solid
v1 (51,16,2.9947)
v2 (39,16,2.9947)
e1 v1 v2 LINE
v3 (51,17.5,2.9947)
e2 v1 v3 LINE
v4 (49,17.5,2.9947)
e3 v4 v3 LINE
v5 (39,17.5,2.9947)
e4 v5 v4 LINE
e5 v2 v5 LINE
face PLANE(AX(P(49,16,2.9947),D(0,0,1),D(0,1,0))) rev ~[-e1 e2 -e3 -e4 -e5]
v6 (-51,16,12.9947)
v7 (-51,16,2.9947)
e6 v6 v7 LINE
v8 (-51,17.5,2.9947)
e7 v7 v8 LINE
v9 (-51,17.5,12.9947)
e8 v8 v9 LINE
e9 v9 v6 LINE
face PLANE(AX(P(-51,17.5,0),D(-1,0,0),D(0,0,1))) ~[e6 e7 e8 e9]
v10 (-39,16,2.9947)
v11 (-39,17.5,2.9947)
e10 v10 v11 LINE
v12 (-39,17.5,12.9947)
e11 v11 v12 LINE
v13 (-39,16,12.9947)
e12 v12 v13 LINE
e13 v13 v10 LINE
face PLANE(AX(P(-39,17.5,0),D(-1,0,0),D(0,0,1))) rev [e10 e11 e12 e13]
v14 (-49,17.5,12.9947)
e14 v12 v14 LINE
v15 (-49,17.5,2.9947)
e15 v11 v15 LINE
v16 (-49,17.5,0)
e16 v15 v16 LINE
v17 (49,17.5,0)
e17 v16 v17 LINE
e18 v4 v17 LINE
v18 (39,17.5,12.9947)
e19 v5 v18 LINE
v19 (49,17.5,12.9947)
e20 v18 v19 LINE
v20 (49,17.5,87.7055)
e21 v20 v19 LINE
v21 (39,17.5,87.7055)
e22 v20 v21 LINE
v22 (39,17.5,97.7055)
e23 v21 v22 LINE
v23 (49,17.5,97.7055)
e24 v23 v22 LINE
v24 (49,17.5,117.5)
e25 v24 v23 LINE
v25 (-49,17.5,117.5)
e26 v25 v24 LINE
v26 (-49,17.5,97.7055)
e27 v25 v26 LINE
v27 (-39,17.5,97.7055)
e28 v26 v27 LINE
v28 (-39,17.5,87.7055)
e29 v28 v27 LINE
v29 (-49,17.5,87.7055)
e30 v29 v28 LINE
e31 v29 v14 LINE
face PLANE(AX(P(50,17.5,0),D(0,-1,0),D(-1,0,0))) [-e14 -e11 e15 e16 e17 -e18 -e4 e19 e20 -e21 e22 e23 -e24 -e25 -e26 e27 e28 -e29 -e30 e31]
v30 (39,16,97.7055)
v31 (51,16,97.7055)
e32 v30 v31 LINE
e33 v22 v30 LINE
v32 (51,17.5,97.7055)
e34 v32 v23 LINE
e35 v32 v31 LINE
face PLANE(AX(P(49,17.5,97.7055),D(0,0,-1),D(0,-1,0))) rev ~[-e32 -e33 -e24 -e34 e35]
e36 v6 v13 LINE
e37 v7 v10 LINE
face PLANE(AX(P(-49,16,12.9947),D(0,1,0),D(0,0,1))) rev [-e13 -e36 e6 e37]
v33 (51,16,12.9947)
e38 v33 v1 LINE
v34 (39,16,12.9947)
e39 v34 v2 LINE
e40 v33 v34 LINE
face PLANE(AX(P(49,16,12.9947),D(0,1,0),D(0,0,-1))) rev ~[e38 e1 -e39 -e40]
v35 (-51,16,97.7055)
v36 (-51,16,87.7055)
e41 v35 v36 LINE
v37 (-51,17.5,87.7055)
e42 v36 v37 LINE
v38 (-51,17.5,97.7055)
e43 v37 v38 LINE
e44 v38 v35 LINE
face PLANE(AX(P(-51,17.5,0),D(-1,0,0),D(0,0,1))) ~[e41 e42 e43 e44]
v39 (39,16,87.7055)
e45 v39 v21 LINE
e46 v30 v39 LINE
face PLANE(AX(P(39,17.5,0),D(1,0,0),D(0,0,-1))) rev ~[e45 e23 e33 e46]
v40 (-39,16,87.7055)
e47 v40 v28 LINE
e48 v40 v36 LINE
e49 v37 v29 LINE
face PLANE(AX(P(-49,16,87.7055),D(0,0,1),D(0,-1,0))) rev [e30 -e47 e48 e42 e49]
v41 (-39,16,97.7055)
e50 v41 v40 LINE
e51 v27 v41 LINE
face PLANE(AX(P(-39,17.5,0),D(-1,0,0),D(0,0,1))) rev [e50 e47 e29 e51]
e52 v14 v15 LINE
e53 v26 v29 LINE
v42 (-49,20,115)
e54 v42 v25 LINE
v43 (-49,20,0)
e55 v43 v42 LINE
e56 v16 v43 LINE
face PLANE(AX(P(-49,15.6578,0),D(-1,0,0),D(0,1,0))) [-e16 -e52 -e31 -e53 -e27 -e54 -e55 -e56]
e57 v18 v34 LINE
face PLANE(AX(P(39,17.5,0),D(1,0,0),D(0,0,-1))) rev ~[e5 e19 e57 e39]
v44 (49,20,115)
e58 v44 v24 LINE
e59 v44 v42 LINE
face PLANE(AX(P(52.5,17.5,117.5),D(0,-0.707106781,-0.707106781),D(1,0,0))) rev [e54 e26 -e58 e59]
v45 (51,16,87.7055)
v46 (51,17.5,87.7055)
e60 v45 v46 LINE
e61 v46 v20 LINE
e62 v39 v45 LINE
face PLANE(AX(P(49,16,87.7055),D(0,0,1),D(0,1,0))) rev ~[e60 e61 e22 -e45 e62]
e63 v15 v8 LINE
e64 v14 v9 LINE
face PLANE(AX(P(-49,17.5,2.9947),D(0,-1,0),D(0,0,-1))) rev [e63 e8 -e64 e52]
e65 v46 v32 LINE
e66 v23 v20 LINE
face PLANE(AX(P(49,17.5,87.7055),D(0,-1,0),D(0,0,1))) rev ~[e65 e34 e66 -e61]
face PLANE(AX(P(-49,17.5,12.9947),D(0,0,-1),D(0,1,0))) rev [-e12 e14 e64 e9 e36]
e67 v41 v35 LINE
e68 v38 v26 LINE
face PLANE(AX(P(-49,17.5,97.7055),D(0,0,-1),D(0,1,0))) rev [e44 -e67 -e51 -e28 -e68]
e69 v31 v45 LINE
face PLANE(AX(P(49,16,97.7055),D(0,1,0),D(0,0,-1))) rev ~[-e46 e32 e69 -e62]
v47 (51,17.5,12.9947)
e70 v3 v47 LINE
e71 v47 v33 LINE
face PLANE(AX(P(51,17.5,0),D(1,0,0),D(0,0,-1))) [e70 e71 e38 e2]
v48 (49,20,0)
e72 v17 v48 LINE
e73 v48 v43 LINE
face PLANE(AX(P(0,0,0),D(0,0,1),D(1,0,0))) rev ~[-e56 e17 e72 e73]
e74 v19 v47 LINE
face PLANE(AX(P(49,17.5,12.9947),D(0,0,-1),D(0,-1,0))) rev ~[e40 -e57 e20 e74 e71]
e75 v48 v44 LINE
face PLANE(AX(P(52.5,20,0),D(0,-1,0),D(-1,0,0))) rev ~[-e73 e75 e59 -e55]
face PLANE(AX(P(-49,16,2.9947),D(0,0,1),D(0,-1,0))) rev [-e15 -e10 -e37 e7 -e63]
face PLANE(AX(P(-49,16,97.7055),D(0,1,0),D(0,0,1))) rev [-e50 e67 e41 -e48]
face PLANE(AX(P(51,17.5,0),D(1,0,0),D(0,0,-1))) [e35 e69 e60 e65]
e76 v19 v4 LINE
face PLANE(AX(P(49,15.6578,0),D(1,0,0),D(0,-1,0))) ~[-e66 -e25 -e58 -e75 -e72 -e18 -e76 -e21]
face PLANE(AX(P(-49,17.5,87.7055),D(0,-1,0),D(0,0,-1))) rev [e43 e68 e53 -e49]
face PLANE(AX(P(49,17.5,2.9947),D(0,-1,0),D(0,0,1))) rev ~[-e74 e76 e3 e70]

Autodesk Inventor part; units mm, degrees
ref_plane "YZ Plane" through (0, 0, 0) normal (1, 0, 0) x (0, 1, 0)
ref_plane "XZ Plane" through (0, 0, 0) normal (0, 1, 0) x (-1, 0, 0)
ref_plane "XY Plane" through (0, 0, 0) normal (0, 0, 1) x (1, 0, 0)
sketch "Sketch1" plane through (0, 0, 0) normal (0, 0, 1) x (1, 0, 0)
  line L0 (-52.5, -20) -> (52.5, -20)
  line L1 (52.5, 20) -> (-52.5, 20)
  line L2 (-52.5, -20) -> (52.5, 20) construction
  line L3 (52.5, -20) -> (-52.5, 20) construction
  line L4 (-50, 17.5) -> (50, 17.5)
  line L5 (50, -17.5) -> (-50, -17.5)
  line L6 (-50, 17.5) -> (50, -17.5) construction
  line L7 (50, 17.5) -> (-50, -17.5) construction
  line L8 (60.5, 0) -> (60.5, 8)
  line L9 (60.5, 8) -> (52.5, 20)
  line L10 (60.5, 0) -> (60.5, -8)
  line L11 (60.5, -8) -> (52.5, -20)
  line L12 (50, -17.5) -> (56.5426, -7.6861)
  line L13 (56.5426, -7.6861) -> (56.5426, 7.6861)
  line L14 (56.5426, 7.6861) -> (50, 17.5)
  line L15 (0, 0) -> (0, 38.4543) construction
  line L16 (-60.5, 0) -> (-60.5, 8)
  line L17 (-60.5, 8) -> (-52.5, 20)
  line L18 (-60.5, 0) -> (-60.5, -8)
  line L19 (-60.5, -8) -> (-52.5, -20)
  line L20 (-50, -17.5) -> (-56.5426, -7.6861)
  line L21 (-56.5426, -7.6861) -> (-56.5426, 7.6861)
  line L22 (-56.5426, 7.6861) -> (-50, 17.5)
  dimension "d0" = 105
  dimension "d1" = 40
  dimension "d2" = 100
  dimension "d3" = 35
  dimension "d5" = 8
  dimension "d6" = 8
extrude "Extrusion1" add sketch "Sketch1" along normal blind 120
sketch "Sketch2" plane through (0, 0, 120) normal (0, 0, 1) x (1, 0, 0)
  line L0 (-56.5426, 7.6861) -> (-50, 17.5) projected
  line L1 (-50, 17.5) -> (50, 17.5) projected
  line L2 (50, 17.5) -> (56.5426, 7.6861) projected
  line L3 (56.5426, 7.6861) -> (56.5426, -7.6861) projected
  line L4 (56.5426, -7.6861) -> (50, -17.5) projected
  line L5 (50, -17.5) -> (-50, -17.5) projected
  line L6 (-50, -17.5) -> (-56.5426, -7.6861) projected
  line L7 (-56.5426, -7.6861) -> (-56.5426, 7.6861) projected
  point P0 (0, 0)
extrude "Extrusion2" add sketch "Sketch2" against normal blind 2.5
sketch "Sketch3" plane through (0, 0, 0) normal (0, 0, -1) x (-1, 0, 0)
  point P0 (0, 0)
fillet "Fillet1" radius 1 2 edges at (0, -17.5, 117.5) (0, 17.5, 117.5)
chamfer "Chamfer1" distance 5 angle 45 6 edges at (0, 20, 120) (-56.5, 14, 120) (-56.5, -14, 120) (0, -20, 120) (56.5, 14, 120) (56.5, -14, 120)
sketch "Sketch4" plane through (-52.5, -20, 0) normal (0, -1, 0) x (1, 0, 0)
  point P0 (52.5, 0)
sketch "Sketch5" plane through (0, 0, 0) normal (0, 0, -1) x (-1, 0, 0)
  line L0 (-50, 17.5) -> (50, 17.5) projected
  line L1 (-50, 17.5) -> (-50, 24.1033)
  line L2 (-50, 24.1033) -> (-71.4575, 13.1576)
  line L3 (-71.4575, 13.1576) -> (-66.6293, -23.8647)
  line L4 (-66.6293, -23.8647) -> (1.9313, -29.9815)
  line L5 (1.9313, -29.9815) -> (78.5389, -23.8647)
  line L6 (78.5389, -23.8647) -> (75.9786, 8.2013)
  line L7 (75.9786, 8.2013) -> (50, 28.9973)
  line L8 (50, 28.9973) -> (50, 17.5)
  point P0 (0, 0)
extrude "Extrusion3" cut sketch "Sketch5" against normal blind 120
sketch "Sketch6" plane through (50, 17.5, 0) normal (1, 0, 0) x (0, 0, -1)
  point P0 (0, -17.5)
sketch "Sketch7" plane through (0, 0, 0) normal (0, 0, -1) x (-1, 0, 0)
  line L0 (-50, 20) -> (50, 20) construction
  line L1 (0, 20) -> (48, 20) construction
  point P0 (0, 0)
  dimension "d17" = 48
sketch "Sketch8" plane through (0, 0, 0) normal (0, 0, -1) x (-1, 0, 0)
  line L0 (49, 24.3422) -> (51, 24.3422)
  line L1 (51, 24.3422) -> (51, 15.6578)
  line L2 (51, 15.6578) -> (49, 15.6578)
  line L3 (49, 15.6578) -> (49, 24.3422)
  line L4 (-50, 20) -> (50, 20) projected
  line L5 (49, 24.3422) -> (51, 15.6578) construction
  line L6 (51, 24.3422) -> (49, 15.6578) construction
  point P0 (0, 0)
  dimension "d18" = 2
extrude "Extrusion4" cut sketch "Sketch8" against normal blind 120
ref_plane "Work Plane1" through (0, 20, 0) normal (-1, 0, 0) x (0, -1, 0)
mirror "Mirror1" about plane through (0, 20, 0) normal (-1, 0, 0) of "Extrusion4"
sketch "Sketch9" plane through (49, 17.5, 0) normal (1, 0, 0) x (0, 0, -1)
  line L0 (-2.9947, 0) -> (-12.9947, 0)
  line L1 (-12.9947, 0) -> (-12.9947, -1.5)
  line L2 (-12.9947, -1.5) -> (-2.9947, -1.5)
  line L3 (-2.9947, -1.5) -> (-2.9947, 0)
  line L4 (-115, 2.5) -> (-100, 2.5)
  line L5 (-97.7055, -1.5) -> (-87.7055, -1.5)
  line L6 (-87.7055, -1.5) -> (-87.7055, 0)
  line L7 (-87.7055, 0) -> (-97.7055, 0)
  line L8 (-97.7055, 0) -> (-97.7055, -1.5)
  point P0 (0, -17.5)
  point P1 (0, 2.5)
  dimension "d21" = 10
  dimension "d22" = 1.5
  dimension "d23" = 15
  dimension "d24" = 10
extrude "Extrusion5" add sketch "Sketch9" along normal blind 2 and the other way blind 10
mirror "Mirror2" about plane through (0, 20, 0) normal (-1, 0, 0) of "Extrusion5"
properties part number "Frame2"
